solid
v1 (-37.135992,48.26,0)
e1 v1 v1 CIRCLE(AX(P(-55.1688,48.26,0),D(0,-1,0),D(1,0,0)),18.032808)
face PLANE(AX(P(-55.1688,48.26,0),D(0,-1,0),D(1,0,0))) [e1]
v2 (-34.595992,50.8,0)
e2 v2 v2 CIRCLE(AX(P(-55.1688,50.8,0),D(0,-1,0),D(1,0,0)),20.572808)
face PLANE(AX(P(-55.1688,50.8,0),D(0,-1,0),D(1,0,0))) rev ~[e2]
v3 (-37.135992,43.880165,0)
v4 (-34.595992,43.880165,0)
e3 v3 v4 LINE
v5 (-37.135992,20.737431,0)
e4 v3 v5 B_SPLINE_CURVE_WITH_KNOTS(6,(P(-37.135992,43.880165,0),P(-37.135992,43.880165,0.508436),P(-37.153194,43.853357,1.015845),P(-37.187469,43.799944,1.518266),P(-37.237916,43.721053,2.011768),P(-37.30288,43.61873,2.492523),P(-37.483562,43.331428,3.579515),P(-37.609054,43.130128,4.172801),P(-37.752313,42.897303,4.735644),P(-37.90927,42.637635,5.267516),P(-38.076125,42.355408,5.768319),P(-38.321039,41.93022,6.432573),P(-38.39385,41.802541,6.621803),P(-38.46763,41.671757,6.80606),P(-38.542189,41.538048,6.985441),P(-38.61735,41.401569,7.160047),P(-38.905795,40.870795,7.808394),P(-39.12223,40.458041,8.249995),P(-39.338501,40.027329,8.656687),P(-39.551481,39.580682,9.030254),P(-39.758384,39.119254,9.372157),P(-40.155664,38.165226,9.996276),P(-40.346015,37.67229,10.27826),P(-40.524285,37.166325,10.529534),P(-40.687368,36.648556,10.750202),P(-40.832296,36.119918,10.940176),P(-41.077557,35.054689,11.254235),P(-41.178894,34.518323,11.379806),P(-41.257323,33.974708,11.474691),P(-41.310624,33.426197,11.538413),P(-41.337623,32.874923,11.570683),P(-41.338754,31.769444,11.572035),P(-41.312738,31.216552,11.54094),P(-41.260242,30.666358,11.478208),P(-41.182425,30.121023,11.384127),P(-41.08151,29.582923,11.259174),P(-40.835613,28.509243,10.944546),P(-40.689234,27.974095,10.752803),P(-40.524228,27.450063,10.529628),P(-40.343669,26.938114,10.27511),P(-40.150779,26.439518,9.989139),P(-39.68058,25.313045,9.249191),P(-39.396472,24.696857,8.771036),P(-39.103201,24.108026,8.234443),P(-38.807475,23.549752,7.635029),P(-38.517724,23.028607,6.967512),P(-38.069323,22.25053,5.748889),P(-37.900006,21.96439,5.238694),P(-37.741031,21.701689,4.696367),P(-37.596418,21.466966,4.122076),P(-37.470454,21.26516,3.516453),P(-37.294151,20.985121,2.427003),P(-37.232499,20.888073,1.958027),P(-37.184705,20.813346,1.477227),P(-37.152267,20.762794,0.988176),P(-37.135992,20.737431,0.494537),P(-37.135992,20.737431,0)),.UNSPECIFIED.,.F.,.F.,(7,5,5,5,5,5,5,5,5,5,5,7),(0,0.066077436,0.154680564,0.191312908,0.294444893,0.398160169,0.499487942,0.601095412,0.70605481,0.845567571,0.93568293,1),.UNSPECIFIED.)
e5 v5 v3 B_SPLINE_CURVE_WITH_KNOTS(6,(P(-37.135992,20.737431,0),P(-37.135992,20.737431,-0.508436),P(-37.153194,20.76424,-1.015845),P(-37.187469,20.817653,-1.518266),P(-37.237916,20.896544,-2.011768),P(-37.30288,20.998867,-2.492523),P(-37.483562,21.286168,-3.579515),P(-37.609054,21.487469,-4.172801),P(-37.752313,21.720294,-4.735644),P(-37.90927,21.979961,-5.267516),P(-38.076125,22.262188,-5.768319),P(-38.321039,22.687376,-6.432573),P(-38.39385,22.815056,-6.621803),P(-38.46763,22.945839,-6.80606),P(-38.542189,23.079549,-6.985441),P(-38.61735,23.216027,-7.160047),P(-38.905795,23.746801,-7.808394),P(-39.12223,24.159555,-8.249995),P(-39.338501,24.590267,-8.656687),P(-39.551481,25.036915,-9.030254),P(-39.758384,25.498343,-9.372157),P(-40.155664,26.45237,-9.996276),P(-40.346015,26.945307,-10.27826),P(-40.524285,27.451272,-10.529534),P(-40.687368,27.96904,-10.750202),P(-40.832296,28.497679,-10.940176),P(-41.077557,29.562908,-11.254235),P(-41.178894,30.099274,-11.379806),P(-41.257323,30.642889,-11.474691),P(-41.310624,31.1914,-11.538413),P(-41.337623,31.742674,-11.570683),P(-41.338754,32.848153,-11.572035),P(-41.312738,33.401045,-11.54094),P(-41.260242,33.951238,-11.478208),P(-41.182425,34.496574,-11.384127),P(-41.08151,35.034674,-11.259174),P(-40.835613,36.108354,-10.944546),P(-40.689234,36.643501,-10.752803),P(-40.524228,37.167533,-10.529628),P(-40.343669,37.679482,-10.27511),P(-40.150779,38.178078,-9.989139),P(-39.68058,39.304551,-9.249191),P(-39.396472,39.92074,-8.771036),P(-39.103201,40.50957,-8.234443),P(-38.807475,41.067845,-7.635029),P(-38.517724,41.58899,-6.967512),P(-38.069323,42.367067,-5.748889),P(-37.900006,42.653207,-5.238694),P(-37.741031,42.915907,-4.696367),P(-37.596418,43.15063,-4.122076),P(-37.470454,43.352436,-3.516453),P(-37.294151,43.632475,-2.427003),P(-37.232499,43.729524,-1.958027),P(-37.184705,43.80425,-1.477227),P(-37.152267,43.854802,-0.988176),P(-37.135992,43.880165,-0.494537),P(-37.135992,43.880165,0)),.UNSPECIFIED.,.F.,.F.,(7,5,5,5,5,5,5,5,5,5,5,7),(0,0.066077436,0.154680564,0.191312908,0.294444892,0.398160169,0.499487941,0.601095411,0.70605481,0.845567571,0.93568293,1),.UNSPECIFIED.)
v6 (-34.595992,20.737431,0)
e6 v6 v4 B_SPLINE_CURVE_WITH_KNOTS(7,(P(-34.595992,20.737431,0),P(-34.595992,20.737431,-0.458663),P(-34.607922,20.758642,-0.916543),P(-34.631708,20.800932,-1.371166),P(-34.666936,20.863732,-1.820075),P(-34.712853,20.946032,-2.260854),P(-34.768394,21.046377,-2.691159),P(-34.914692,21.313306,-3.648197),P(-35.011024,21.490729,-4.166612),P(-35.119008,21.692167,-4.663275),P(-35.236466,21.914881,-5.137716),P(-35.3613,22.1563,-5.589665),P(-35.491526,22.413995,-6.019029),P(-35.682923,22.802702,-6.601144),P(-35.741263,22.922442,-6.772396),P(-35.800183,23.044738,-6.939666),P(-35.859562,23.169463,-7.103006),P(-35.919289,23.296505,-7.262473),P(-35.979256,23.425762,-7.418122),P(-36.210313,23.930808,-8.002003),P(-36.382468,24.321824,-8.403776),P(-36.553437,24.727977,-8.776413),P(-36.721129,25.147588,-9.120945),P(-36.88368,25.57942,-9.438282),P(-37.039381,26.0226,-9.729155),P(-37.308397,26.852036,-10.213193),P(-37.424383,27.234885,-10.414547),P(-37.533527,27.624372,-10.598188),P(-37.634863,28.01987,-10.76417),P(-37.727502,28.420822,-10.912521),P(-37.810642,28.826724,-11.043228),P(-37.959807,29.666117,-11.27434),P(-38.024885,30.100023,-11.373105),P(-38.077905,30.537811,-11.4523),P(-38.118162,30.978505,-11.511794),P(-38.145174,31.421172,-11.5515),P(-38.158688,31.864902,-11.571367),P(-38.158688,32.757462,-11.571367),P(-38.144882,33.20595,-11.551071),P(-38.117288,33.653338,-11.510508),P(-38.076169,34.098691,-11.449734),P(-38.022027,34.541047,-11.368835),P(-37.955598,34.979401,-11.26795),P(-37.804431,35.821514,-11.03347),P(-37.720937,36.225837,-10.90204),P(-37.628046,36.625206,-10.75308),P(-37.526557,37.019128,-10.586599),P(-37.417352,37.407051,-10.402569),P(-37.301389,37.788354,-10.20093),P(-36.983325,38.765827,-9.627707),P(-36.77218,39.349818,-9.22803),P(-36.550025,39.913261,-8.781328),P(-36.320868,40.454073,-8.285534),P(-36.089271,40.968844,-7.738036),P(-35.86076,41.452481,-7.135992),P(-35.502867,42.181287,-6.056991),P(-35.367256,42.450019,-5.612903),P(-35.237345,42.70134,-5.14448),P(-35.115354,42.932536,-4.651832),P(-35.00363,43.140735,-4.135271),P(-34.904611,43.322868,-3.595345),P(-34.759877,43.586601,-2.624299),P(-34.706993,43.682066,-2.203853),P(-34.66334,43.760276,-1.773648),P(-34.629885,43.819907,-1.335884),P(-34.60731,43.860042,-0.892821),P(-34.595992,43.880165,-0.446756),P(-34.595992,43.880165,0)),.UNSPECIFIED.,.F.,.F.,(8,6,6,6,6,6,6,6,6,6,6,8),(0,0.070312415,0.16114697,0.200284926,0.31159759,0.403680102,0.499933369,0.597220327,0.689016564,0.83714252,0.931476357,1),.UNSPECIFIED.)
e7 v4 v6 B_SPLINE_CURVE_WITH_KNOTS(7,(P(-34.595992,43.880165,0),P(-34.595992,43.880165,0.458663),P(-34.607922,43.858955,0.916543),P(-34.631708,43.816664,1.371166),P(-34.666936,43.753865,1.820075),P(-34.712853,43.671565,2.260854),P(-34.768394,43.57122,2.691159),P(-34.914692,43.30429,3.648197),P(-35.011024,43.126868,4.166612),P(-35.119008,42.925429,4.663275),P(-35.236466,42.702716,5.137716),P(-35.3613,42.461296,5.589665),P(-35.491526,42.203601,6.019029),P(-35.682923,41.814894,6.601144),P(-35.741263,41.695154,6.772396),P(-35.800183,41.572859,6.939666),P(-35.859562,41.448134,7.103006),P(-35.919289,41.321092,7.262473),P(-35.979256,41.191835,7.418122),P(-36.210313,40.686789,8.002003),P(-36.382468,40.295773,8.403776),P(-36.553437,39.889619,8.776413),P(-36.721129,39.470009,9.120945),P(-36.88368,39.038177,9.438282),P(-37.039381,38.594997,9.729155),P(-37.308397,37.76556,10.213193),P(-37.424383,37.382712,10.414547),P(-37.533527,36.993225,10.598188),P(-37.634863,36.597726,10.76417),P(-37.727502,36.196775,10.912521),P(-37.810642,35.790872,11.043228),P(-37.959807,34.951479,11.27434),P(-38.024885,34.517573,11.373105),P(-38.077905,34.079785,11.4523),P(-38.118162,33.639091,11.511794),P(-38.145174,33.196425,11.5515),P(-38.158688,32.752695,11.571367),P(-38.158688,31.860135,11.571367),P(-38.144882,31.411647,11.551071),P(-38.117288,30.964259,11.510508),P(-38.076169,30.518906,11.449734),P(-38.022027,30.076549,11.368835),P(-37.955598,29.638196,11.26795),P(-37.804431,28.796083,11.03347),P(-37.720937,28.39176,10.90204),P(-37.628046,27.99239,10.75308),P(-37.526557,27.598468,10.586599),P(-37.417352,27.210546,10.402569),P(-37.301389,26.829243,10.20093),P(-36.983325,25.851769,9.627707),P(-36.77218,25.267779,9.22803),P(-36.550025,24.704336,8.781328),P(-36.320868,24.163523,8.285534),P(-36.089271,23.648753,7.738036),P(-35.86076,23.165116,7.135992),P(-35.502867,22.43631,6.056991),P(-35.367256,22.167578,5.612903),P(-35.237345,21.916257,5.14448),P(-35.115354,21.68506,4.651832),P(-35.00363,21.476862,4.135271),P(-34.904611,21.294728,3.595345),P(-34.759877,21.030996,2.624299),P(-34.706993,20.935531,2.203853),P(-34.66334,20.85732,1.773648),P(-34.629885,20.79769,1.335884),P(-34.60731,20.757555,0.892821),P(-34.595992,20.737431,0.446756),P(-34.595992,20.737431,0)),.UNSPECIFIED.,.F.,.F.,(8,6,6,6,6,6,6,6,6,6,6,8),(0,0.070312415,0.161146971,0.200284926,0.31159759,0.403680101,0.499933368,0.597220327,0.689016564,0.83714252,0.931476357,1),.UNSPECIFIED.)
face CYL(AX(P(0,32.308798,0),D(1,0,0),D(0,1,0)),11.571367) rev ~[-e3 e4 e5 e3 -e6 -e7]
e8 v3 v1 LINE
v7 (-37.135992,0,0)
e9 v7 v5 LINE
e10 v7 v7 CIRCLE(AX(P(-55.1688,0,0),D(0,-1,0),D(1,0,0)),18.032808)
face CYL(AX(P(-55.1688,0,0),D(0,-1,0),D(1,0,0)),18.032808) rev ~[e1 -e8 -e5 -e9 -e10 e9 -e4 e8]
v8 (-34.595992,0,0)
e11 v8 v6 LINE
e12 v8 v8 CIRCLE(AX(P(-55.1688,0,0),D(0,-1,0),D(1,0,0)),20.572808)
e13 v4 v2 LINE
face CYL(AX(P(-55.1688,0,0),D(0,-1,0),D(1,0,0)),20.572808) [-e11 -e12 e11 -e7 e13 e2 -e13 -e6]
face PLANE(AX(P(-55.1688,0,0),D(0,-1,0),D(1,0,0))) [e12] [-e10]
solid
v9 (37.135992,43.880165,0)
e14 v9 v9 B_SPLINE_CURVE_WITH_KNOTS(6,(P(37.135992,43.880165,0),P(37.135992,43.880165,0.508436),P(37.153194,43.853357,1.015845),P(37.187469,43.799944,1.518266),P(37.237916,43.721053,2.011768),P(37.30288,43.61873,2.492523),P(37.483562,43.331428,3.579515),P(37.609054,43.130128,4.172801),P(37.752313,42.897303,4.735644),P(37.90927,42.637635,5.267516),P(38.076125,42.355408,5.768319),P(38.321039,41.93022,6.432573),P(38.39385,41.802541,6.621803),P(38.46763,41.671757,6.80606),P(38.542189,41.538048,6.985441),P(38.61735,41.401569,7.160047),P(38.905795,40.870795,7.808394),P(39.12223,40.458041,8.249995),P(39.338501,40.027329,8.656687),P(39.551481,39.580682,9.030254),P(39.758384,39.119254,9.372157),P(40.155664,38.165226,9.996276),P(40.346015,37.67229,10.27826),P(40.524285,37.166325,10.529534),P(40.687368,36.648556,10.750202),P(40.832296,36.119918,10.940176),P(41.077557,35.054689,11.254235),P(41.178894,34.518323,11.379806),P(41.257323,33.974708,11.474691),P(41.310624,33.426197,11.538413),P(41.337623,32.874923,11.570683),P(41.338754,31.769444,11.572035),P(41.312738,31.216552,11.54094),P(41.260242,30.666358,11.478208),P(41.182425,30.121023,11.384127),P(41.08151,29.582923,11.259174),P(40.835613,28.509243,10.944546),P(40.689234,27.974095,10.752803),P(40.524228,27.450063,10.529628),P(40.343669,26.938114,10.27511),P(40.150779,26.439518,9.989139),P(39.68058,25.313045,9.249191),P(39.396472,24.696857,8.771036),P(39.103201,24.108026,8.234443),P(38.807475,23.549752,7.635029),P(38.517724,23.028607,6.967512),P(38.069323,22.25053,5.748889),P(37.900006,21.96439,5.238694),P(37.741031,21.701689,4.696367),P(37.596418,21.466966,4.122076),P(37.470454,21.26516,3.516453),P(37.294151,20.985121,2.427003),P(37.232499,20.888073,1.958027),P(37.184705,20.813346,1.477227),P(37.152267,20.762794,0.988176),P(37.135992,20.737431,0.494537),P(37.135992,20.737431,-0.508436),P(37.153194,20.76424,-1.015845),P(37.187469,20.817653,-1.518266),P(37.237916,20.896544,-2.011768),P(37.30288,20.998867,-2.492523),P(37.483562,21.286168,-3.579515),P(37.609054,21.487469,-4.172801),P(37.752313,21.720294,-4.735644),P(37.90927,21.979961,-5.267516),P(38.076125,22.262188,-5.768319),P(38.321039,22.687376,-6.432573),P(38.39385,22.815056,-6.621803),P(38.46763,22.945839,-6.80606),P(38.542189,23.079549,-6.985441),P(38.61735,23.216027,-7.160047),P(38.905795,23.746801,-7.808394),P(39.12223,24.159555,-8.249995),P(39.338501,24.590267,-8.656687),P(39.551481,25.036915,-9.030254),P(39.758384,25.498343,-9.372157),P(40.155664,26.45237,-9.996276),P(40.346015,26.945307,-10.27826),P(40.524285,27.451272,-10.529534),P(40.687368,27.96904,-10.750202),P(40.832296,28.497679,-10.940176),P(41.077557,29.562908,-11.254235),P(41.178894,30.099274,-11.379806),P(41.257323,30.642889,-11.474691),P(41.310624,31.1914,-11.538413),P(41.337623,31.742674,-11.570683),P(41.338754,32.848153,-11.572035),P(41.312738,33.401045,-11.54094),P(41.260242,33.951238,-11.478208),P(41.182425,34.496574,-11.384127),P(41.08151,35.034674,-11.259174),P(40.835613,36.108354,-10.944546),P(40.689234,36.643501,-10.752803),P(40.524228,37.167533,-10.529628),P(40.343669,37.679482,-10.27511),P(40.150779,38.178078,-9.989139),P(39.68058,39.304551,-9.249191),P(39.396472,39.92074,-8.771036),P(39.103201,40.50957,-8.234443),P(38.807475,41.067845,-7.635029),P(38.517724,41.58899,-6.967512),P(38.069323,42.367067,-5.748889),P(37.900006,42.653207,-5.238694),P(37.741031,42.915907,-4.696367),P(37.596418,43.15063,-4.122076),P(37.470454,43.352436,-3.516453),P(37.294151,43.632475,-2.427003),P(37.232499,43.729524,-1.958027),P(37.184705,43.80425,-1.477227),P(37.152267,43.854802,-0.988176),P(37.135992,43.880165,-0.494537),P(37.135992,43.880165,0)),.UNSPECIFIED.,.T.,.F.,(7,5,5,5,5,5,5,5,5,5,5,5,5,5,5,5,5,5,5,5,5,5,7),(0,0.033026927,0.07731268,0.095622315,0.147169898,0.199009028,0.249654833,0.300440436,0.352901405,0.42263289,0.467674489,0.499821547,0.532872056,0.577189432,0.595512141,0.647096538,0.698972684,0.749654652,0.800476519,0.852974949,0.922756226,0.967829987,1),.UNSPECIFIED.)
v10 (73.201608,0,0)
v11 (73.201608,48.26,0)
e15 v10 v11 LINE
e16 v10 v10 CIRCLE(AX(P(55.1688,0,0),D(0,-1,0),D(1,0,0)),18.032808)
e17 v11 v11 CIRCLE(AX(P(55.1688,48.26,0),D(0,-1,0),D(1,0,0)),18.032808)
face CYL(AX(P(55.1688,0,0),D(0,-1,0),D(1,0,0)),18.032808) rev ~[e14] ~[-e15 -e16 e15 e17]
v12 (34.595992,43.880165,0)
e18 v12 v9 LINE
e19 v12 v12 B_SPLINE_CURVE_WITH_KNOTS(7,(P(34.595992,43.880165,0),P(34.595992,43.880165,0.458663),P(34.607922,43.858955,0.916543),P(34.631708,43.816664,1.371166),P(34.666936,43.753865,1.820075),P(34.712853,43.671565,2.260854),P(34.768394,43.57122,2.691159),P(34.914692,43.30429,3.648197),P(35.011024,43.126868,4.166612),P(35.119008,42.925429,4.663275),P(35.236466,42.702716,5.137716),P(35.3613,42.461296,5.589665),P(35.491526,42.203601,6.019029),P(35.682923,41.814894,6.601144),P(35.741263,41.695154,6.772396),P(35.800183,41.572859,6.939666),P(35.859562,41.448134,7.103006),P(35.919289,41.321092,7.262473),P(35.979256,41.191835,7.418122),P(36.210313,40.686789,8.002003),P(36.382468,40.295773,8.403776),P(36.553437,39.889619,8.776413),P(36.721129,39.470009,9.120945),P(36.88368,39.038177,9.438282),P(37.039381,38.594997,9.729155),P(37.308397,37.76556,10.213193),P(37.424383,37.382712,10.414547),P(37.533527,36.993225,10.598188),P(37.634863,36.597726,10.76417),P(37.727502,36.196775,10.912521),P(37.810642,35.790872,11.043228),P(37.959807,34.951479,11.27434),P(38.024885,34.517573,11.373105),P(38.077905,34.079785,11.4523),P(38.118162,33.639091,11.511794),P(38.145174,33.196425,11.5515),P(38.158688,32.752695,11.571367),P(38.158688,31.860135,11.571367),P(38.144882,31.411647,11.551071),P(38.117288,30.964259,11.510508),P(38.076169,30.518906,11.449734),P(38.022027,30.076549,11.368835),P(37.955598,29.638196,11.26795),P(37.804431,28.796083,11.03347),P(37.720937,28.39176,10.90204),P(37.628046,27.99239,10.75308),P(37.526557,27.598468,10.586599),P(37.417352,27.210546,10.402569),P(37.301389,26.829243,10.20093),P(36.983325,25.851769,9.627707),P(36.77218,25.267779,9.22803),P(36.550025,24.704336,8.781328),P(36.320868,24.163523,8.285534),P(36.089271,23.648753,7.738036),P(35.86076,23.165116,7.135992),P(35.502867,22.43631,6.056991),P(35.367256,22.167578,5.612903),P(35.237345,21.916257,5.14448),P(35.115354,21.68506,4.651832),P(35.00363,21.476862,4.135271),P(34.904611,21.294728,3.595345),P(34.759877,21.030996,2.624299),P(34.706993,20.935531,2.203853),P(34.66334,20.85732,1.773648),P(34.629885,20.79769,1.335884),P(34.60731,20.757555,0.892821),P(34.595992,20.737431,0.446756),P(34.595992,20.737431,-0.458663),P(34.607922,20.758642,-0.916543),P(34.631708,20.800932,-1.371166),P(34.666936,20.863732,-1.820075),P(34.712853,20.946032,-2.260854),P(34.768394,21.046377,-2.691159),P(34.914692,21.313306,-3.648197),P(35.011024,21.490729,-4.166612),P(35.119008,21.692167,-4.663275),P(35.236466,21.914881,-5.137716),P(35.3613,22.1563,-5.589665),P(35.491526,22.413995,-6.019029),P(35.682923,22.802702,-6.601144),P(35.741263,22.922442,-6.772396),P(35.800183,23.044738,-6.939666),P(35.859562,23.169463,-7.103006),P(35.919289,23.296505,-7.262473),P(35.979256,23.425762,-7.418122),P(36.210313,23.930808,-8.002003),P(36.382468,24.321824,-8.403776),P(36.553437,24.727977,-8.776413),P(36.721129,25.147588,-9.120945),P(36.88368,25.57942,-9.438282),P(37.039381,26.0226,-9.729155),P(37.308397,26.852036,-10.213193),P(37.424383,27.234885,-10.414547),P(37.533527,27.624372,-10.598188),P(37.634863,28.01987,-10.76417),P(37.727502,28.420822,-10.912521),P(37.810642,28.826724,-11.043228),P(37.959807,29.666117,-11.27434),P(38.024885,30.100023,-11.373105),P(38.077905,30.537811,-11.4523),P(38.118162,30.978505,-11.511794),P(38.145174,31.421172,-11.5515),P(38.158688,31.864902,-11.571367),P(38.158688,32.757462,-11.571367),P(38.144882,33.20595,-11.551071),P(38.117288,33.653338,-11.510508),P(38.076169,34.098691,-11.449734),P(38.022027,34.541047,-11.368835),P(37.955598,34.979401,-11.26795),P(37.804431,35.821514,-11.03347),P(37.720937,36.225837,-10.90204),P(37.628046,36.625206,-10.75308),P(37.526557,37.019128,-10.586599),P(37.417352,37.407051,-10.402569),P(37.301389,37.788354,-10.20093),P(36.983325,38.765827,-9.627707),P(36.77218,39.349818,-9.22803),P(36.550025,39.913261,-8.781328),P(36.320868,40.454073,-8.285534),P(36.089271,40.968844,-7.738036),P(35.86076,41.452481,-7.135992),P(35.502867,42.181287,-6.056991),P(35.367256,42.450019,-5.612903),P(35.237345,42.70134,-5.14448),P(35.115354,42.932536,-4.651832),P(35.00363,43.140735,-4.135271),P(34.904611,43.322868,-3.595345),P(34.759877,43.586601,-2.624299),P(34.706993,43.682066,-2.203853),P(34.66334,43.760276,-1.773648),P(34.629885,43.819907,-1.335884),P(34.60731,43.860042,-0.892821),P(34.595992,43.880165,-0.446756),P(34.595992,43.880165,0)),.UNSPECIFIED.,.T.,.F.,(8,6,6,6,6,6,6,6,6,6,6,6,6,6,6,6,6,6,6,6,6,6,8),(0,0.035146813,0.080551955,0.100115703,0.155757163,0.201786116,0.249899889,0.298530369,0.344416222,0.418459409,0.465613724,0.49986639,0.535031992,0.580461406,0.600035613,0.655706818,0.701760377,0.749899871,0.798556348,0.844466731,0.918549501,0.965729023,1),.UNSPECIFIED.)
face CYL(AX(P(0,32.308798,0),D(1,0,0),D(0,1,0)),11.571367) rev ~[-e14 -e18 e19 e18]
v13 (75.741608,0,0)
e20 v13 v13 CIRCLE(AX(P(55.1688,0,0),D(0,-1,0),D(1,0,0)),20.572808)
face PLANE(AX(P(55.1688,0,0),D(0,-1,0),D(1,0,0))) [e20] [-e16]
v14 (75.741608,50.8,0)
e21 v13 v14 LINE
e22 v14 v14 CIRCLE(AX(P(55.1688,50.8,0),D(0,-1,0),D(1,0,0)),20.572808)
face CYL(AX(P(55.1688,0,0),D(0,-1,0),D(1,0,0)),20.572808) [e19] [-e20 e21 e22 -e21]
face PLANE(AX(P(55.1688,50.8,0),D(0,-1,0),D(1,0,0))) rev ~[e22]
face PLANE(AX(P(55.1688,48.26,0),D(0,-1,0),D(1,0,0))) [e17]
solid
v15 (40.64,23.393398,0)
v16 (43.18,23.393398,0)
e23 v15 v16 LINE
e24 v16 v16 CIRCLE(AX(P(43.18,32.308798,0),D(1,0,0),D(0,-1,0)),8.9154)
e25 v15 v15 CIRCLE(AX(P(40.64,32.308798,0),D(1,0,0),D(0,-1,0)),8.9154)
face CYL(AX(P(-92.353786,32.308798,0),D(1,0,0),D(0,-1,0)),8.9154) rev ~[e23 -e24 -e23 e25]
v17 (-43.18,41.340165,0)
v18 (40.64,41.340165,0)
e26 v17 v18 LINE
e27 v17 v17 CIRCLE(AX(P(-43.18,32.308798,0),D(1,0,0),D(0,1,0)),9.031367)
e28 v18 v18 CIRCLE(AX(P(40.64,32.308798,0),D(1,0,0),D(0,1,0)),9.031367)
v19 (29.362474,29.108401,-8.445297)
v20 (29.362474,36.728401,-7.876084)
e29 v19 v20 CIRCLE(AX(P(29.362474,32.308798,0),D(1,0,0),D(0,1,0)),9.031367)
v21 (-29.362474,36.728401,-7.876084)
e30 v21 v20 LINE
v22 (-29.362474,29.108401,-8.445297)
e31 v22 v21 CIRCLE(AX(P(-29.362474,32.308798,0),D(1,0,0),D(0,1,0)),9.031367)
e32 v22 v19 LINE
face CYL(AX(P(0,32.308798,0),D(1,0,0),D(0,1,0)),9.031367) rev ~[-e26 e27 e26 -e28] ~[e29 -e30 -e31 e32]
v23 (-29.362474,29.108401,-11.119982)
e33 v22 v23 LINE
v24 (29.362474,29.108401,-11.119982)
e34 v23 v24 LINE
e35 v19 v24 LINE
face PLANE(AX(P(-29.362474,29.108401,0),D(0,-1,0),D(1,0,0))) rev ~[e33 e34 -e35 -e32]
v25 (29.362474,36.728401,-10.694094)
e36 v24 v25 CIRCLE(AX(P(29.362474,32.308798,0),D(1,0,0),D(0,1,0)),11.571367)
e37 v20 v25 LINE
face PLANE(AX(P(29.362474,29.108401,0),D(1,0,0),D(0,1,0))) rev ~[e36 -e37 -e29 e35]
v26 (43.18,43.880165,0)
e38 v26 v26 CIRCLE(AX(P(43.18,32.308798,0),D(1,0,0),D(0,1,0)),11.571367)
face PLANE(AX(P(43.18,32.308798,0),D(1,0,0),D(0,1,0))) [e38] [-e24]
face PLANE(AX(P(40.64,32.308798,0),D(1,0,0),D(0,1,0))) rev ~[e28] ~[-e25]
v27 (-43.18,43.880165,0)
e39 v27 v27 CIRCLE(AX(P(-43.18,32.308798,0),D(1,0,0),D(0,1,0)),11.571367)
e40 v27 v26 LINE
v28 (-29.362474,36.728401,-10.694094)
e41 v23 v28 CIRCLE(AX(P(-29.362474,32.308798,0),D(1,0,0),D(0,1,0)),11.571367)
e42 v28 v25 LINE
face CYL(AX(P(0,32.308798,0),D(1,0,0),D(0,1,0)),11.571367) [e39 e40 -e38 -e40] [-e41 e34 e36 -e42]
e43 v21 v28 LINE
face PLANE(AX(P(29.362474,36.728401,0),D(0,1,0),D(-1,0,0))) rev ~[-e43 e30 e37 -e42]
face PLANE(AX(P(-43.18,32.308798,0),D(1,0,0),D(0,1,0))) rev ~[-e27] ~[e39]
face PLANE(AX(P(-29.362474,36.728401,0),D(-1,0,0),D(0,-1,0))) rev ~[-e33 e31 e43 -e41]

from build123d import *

# Parameters (mm, degrees)
F0_R          = 20.5728082759
F1_DEPTH      = 50.8
F2_T          = -2.54
F2_2_T        = -2.54
F3_R          = 11.571366929
F4_DEPTH      = 50.8
F4_DEPTH_BACK = 50.8
F5_DEPTH      = 43.18
F5_DEPTH_BACK = 43.18
F6_T          = -2.54
F7_D          = 17.8308
F9_DEPTH      = 12.7


with BuildPart() as f1:
    # F0 (on Front) → F1 (new body)
    with BuildSketch(Plane.XZ):
        with Locations((-55.168800056, 0)):
            Circle(F0_R)
    extrude(amount=-F1_DEPTH)

    # F2
    f2_openings = [f1.faces().sort_by_distance(p)[0] for p in [
        (-55.1688, 0, 0),
    ]]
    offset(amount=F2_T, openings=f2_openings)


with BuildPart() as f1b:
    # F0 (on Front) → F1, piece 2 (new body)
    with BuildSketch(Plane.XZ):
        with Locations((55.168800056, 0)):
            Circle(F0_R)
    extrude(amount=-F1_DEPTH)

    # F2#2
    f2_2_openings = [f1b.faces().sort_by_distance(p)[0] for p in [
        (55.1688, 0, 0),
    ]]
    offset(amount=F2_2_T, openings=f2_2_openings)


with BuildPart() as f4_tool:
    # F3 (on Right) → F4 (new body, two sides)
    with BuildSketch(Plane.YZ) as f4_sk:
        with Locations((32.3087982833, 0)):
            Circle(F3_R)
    extrude(amount=F4_DEPTH)
    extrude(f4_sk.sketch, amount=-F4_DEPTH_BACK)


with BuildPart() as f1_1:
    add(f1.part)

    # F4: cut by f4_tool
    add(f4_tool.part, mode=Mode.SUBTRACT)


with BuildPart() as f1b_1:
    add(f1b.part)

    # F4: cut by f4_tool
    add(f4_tool.part, mode=Mode.SUBTRACT)


with BuildPart() as f5:
    # F3 (on Right) → F5 (new body, two sides)
    with BuildSketch(Plane.YZ) as f5_sk:
        with Locations((32.3087982833, 0)):
            Circle(F3_R)
    extrude(amount=F5_DEPTH)
    extrude(f5_sk.sketch, amount=-F5_DEPTH_BACK)

    # F6
    f6_openings = [f5.faces().sort_by_distance(p)[0] for p in [
        (-43.18, 32.308798, 0),
    ]]
    offset(amount=F6_T, openings=f6_openings)

    # F7 (through all)
    with Locations(Plane(origin=(0, 0, 0), x_dir=(0, 1, 0), z_dir=(-1, 0, 0))):
        with Locations((32.3087982833, 0)):
            Hole(F7_D / 2)

    # F8 (on Top) → F9 (cut)
    with BuildSketch(Plane.XY):
        Polygon((-29.3624736369, 29.1084013879), (0, 29.1084013879), (29.3624736369, 29.1084013879), (29.3624736369, 36.728400737), (0, 36.728400737), (-29.3624736369, 36.728400737), align=None)
    extrude(amount=-F9_DEPTH, mode=Mode.SUBTRACT)


solid = Compound([f1_1.part, f1b_1.part, f5.part])
